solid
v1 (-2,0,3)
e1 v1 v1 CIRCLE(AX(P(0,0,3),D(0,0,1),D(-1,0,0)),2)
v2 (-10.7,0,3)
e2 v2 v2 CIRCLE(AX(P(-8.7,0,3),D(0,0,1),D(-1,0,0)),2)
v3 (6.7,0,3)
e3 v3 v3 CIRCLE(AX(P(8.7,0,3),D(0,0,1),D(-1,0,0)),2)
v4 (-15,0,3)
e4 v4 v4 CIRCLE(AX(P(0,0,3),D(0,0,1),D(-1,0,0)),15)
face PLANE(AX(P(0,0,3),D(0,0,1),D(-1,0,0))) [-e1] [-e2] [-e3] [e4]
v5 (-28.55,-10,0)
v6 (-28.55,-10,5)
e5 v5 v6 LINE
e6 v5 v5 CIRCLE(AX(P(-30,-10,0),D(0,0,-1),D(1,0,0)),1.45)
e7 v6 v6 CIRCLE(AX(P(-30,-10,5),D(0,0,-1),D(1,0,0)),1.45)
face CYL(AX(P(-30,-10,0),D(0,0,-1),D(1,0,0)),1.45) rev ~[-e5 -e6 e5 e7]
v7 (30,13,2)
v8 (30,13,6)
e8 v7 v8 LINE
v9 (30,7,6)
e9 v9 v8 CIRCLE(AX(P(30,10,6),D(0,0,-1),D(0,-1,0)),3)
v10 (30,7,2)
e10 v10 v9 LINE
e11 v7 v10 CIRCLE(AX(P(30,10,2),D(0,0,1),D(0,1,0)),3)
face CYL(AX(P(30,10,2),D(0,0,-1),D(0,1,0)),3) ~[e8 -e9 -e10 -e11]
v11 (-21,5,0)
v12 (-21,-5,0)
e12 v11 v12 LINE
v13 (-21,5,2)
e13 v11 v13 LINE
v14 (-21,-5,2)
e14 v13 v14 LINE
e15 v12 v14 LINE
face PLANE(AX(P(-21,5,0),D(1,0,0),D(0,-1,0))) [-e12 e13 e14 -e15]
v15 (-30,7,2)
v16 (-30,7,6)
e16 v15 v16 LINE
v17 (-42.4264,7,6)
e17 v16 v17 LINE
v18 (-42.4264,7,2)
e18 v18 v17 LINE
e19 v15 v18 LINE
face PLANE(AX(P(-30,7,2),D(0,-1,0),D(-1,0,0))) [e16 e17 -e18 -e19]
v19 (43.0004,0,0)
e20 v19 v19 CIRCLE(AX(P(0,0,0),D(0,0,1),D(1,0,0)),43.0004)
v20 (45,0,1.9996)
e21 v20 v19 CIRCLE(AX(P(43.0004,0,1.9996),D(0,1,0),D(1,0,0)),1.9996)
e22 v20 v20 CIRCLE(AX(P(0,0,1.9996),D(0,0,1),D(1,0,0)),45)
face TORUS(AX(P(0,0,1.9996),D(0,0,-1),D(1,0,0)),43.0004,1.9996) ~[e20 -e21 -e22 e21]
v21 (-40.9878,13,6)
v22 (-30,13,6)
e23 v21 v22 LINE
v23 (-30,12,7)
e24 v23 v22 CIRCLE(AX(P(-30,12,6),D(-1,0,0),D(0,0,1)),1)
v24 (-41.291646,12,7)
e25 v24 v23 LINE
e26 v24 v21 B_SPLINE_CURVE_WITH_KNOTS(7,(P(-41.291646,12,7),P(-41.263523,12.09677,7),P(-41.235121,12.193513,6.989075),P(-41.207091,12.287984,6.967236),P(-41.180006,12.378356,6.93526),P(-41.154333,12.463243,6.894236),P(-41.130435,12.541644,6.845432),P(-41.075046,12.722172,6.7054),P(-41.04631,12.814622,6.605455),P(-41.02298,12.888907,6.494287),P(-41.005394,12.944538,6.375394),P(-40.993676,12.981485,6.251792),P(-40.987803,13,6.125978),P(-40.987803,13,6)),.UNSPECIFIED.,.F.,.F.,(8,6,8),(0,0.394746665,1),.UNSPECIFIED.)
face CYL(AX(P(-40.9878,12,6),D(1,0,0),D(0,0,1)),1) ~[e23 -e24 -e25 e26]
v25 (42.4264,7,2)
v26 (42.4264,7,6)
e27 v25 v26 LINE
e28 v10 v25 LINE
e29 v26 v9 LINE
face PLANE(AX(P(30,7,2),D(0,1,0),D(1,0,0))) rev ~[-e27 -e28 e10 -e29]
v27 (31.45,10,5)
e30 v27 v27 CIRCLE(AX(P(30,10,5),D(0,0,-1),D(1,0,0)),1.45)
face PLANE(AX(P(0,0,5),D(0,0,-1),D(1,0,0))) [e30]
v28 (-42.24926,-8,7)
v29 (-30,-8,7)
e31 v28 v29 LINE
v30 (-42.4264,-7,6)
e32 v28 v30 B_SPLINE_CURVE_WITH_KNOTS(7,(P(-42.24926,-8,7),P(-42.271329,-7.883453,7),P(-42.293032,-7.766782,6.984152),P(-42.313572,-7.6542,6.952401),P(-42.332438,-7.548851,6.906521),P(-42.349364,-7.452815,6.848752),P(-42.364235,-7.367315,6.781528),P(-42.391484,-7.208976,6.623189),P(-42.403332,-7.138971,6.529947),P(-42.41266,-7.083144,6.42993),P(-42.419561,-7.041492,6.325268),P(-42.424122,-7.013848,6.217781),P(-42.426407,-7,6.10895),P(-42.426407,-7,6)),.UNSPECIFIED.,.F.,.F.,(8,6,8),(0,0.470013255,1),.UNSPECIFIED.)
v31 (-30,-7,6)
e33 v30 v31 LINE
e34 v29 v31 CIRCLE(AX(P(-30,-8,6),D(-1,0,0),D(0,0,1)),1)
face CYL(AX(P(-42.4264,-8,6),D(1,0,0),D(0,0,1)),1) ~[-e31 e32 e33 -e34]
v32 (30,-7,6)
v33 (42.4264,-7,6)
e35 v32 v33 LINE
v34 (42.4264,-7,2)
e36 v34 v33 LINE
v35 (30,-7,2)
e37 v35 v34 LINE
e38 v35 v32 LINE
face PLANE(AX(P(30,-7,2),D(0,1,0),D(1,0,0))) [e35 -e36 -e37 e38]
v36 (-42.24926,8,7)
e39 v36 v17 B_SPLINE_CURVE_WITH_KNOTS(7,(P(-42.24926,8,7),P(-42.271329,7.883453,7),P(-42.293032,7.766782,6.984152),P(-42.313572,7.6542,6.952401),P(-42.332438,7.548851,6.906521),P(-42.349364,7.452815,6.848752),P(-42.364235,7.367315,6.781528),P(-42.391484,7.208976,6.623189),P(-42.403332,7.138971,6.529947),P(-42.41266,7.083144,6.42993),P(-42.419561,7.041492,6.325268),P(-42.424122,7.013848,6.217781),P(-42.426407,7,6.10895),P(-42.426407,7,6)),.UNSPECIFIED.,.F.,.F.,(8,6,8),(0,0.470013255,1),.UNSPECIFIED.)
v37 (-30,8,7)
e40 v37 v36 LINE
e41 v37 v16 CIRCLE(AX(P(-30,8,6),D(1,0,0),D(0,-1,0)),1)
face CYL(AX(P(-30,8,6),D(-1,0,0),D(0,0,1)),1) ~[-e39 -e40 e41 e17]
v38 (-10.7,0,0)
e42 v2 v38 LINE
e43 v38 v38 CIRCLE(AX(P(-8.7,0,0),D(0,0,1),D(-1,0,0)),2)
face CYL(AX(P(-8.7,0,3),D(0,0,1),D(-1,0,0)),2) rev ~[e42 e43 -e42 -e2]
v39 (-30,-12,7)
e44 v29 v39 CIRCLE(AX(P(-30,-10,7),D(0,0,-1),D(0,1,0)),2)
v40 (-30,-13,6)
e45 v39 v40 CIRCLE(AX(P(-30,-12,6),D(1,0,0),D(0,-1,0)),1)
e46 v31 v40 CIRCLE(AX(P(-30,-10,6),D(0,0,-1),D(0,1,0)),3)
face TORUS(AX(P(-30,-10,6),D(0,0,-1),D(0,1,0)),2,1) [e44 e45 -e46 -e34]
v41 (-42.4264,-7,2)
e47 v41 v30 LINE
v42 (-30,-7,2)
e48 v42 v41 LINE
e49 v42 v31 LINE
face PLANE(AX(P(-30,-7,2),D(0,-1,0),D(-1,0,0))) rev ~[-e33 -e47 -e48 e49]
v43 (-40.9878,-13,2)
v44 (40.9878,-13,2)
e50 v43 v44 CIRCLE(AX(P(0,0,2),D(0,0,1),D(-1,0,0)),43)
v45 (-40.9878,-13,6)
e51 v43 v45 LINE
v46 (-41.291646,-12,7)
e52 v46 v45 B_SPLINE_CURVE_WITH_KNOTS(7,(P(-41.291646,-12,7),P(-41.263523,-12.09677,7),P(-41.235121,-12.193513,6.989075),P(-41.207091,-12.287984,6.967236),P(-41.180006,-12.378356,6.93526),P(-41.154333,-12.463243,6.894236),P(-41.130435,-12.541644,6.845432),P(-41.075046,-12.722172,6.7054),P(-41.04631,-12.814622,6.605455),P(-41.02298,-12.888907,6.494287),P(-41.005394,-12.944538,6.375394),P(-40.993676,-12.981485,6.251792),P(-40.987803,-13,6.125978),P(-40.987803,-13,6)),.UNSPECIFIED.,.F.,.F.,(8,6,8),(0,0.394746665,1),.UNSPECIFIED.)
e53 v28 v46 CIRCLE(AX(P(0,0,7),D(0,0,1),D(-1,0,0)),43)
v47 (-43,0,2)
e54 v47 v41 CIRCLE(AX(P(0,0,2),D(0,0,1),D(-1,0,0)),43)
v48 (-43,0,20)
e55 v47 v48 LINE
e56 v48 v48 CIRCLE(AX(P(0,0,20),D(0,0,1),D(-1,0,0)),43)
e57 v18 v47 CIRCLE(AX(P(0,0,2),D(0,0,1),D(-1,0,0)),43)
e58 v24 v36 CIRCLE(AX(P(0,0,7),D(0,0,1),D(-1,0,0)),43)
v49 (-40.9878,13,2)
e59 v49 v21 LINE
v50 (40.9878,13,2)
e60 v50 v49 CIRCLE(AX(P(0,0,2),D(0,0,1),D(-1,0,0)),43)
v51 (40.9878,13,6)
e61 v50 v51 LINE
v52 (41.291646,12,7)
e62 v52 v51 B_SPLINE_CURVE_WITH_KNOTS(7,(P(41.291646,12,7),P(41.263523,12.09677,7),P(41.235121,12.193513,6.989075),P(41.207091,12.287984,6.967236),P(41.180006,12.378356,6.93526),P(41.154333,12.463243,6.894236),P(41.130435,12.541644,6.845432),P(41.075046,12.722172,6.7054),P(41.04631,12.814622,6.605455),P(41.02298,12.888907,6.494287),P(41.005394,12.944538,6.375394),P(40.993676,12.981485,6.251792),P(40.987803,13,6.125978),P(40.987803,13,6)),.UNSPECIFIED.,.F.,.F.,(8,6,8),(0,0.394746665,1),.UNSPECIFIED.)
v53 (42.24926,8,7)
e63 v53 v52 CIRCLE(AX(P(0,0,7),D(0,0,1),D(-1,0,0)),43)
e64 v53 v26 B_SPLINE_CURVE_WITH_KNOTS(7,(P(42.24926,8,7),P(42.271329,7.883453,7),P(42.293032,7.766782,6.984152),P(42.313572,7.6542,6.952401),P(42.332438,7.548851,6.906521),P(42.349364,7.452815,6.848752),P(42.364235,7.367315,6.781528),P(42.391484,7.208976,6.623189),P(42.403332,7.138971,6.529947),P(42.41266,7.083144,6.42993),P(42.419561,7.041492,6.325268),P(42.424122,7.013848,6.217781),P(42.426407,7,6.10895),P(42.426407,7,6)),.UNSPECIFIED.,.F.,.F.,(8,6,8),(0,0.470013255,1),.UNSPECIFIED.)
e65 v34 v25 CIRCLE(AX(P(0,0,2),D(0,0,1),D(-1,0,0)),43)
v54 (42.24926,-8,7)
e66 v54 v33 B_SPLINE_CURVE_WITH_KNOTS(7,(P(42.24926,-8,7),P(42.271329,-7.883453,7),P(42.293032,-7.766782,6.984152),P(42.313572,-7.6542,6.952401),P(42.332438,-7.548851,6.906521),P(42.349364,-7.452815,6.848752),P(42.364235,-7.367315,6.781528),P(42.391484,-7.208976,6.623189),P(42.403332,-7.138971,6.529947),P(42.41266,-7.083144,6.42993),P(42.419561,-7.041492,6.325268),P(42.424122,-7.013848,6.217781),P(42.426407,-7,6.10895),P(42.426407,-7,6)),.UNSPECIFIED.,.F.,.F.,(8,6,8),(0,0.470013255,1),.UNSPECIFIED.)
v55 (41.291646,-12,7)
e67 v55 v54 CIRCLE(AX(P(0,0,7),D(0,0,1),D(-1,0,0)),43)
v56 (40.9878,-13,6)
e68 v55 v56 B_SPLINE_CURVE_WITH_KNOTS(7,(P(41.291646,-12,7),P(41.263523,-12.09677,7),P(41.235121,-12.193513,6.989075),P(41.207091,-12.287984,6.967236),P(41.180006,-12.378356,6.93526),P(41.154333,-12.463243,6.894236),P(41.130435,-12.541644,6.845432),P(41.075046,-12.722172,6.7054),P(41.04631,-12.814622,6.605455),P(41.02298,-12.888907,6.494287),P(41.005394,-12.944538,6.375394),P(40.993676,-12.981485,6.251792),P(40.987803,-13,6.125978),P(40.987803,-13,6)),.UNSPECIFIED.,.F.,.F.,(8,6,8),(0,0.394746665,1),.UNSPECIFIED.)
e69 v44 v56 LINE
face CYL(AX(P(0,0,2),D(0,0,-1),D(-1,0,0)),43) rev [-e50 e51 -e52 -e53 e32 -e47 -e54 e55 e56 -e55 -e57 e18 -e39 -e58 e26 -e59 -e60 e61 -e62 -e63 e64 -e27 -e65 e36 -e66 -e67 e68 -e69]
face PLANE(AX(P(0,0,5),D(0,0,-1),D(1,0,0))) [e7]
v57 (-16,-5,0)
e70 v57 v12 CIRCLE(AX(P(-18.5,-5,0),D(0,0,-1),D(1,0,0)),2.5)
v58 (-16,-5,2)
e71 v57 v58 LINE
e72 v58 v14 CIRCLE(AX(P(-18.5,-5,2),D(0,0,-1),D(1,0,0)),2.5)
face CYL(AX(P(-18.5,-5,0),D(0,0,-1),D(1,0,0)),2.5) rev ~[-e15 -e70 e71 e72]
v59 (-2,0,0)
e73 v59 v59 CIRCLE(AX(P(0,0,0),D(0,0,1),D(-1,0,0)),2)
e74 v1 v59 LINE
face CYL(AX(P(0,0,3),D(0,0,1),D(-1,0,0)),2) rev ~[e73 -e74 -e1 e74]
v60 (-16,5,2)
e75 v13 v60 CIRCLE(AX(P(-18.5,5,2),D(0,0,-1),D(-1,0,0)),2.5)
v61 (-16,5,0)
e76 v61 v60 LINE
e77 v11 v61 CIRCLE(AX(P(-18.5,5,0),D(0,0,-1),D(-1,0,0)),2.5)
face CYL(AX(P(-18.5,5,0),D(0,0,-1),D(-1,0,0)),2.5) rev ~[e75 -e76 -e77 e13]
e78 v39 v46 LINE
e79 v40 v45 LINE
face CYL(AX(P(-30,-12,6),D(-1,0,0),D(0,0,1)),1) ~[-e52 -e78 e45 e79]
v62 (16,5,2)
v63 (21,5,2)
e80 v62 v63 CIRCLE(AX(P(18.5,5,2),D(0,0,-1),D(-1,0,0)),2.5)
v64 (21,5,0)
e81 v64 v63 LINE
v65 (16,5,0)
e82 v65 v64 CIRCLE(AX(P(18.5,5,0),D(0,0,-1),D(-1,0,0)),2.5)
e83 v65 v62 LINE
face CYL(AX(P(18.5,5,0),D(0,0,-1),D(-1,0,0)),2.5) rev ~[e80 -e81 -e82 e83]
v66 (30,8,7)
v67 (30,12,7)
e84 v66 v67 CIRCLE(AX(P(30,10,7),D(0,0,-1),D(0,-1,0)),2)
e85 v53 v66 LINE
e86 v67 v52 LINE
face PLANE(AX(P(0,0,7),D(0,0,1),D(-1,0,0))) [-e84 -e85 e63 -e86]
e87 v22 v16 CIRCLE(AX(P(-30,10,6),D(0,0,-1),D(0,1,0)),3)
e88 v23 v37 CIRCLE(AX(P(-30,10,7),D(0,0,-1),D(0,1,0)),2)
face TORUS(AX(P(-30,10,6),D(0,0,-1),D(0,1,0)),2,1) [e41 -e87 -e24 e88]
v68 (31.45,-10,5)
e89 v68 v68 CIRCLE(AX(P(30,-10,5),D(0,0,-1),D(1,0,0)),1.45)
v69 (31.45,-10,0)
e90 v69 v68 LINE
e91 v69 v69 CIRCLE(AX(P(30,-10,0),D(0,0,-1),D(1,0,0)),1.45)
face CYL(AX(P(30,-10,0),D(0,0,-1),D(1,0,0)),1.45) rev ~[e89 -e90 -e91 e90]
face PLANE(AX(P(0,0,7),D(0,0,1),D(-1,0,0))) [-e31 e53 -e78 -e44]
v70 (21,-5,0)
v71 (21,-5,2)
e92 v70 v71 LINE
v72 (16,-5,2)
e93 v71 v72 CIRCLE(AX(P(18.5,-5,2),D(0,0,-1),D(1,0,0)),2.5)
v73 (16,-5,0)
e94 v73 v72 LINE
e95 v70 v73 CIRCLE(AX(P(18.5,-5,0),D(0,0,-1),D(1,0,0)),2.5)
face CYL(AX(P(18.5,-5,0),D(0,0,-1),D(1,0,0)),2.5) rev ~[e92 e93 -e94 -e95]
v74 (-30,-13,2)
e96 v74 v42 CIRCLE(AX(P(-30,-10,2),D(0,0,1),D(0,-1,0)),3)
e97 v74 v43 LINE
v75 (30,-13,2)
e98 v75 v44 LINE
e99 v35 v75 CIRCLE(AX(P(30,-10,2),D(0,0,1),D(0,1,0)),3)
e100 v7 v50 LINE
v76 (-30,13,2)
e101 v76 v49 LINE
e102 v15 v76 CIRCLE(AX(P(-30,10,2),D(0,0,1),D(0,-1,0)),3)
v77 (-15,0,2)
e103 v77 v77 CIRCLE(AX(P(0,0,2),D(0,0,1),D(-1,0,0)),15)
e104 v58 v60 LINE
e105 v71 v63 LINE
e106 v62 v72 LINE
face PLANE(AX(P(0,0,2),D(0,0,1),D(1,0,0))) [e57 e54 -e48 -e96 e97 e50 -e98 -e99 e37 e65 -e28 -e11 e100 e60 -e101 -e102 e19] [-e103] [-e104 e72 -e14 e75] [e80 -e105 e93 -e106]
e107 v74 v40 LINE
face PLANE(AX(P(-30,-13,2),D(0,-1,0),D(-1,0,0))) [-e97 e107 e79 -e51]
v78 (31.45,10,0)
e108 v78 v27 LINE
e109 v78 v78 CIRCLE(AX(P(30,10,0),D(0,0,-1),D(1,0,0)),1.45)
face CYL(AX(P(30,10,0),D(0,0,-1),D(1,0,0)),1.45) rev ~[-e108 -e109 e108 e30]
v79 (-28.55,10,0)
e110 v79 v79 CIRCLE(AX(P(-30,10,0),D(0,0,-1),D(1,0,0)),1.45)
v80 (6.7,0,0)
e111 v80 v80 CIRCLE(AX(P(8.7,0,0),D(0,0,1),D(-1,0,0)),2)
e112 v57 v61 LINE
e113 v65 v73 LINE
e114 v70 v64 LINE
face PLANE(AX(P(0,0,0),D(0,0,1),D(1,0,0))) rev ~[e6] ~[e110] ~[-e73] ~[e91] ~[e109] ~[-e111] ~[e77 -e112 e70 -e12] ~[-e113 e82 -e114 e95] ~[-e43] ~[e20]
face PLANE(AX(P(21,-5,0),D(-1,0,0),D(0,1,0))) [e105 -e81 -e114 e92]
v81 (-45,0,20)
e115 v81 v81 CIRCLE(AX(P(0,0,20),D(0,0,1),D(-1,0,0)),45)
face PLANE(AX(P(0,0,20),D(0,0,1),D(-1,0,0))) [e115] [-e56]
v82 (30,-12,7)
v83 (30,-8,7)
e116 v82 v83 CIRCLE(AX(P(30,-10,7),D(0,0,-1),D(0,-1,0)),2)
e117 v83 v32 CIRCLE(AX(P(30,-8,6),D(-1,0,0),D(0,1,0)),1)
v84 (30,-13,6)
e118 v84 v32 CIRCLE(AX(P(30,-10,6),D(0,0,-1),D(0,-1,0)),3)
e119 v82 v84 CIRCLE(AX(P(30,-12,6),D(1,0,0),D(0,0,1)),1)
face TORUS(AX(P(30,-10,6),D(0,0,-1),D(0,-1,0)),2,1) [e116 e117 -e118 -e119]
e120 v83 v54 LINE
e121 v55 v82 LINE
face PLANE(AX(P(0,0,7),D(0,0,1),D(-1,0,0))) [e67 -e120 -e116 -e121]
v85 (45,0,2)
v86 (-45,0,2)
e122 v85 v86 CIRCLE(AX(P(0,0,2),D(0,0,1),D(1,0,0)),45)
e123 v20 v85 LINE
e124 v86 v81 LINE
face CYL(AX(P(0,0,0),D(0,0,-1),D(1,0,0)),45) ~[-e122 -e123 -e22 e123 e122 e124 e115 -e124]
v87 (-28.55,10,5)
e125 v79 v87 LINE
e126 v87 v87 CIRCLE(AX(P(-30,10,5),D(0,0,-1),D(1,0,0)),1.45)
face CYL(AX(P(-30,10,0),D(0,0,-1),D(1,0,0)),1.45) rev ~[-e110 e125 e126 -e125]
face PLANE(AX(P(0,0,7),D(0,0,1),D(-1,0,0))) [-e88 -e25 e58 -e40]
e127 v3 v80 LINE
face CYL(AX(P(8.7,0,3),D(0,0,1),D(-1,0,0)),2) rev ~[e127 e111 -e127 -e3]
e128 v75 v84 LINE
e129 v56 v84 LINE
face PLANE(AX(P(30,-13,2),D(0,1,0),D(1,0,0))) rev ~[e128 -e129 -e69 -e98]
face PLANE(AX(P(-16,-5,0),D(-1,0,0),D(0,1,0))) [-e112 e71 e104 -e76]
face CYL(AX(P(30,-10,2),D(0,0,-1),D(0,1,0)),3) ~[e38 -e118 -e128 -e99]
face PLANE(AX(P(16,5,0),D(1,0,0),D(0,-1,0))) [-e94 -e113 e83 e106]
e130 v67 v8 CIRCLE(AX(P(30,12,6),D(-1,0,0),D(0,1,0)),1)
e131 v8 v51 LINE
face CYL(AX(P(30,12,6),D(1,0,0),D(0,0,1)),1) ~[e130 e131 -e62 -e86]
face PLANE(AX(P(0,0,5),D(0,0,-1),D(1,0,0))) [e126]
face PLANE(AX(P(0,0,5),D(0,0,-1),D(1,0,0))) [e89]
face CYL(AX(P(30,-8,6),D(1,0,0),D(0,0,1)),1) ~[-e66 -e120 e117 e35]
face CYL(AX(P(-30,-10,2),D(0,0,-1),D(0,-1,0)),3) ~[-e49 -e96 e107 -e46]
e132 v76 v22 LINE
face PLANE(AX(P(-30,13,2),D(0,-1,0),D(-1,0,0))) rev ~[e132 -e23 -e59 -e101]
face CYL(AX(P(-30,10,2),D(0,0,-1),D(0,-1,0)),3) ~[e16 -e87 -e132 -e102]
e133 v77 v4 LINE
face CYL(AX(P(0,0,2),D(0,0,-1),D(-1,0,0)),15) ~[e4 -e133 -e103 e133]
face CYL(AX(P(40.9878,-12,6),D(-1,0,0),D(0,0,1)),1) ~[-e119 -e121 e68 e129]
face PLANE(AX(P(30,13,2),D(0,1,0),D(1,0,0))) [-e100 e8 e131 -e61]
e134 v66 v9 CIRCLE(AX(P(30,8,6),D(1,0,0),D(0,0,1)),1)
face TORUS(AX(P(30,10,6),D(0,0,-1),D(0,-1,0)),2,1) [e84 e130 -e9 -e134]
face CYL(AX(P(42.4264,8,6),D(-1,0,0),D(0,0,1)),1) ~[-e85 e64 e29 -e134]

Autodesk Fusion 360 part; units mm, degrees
sketch "스케치1" plane through (0, 0, 0) normal (0, 0, 1) x (1, 0, 0)
  circle A0 centre (0, 0) radius 45
  dimension "d1" = 90
extrude "돌출1" add sketch "스케치1" along normal blind 2
sketch "스케치2" plane through (0, 0, 2) normal (0, 0, 1) x (-1, 0, 0)
  circle A0 centre (0, 0) radius 45
  circle A1 centre (0, 0) radius 43
  dimension "d4" = 86
  dimension "d5" = 90
extrude "돌출2" add sketch "스케치2" along normal blind 18
fillet "필렛1" radius 2 1 edges at (-41.9547, -16.2727, 0)
sketch "스케치4" plane through (0, 0, 2) normal (0, 0, 1) x (-1, 0, 0)
  circle A0 centre (0, 0) radius 43
  line L0 (-30, -13) -> (-40.9878, -13)
  line L1 (-30, -7) -> (-42.4264, -7)
  line L2 (-30, 7) -> (-42.4264, 7)
  line L3 (-30, 13) -> (-40.9878, 13)
  line L4 (30, -13) -> (40.9878, -13)
  line L5 (30, -7) -> (42.4264, -7)
  line L6 (30, 7) -> (42.4264, 7)
  line L7 (30, 13) -> (40.9878, 13)
  arc A1 (30, 13) -> (30, 7) centre (30, 10) ccw
  arc A2 (30, -7) -> (30, -13) centre (30, -10) ccw
  arc A3 (-30, -13) -> (-30, -7) centre (-30, -10) ccw
  arc A4 (-30, 7) -> (-30, 13) centre (-30, 10) ccw
  dimension "d32" = 6
  dimension "d33" = 60
  dimension "d34" = 20
  dimension "d35" = 10
  dimension "d36" = 30
  dimension "d46" = 6
  dimension "d47" = 6
extrude "돌출7" add sketch "스케치4" along normal blind 5 contours A0 L6 L7 A1 | A0 L4 L5 A2 | A0 L2 L3 A4 | A0 L0 L1 A3
sketch "스케치7" plane through (0, 0, 0) normal (0, 0, -1) x (1, 0, 0)
  arc A0 (-30, -13) -> (-30, -7) centre (-30, -10) ccw construction
  arc A1 (-30, 7) -> (-30, 13) centre (-30, 10) ccw construction
  arc A2 (30, 13) -> (30, 7) centre (30, 10) ccw construction
  arc A3 (30, -7) -> (30, -13) centre (30, -10) ccw construction
  circle A4 centre (-30, 10) radius 1.45
  circle A5 centre (-30, -10) radius 1.45
  circle A6 centre (30, -10) radius 1.45
  circle A7 centre (30, 10) radius 1.45
  dimension "d42" = 2.9
extrude "돌출8" cut sketch "스케치7" against normal blind 5
fillet "필렛2" radius 1 12 edges at (-35.4939, -13, 7) (-27, -10, 7) (-36.2132, -7, 7) (-36.2132, 7, 7) (-27, 10, 7) (-35.4939, 13, 7) (35.4939, 13, 7) (27, 10, 7) (36.2132, 7, 7) (36.2132, -7, 7) (27, -10, 7) (35.4939, -13, 7)
sketch "스케치9" plane through (0, 0, 2) normal (0, 0, 1) x (-1, 0, 0)
  circle A0 centre (0, 0) radius 15
  dimension "d50" = 30
extrude "돌출9" add sketch "스케치9" along normal blind 1
sketch "스케치10" plane through (0, 0, 3) normal (0, 0, 1) x (-1, 0, 0)
  circle A0 centre (0, 0) radius 2
  circle A1 centre (-8.7, 0) radius 2
  circle A2 centre (8.7, 0) radius 2
  dimension "d53" = 8.7
  dimension "d54" = 8.7
  dimension "d55" = 4
extrude "돌출10" cut sketch "스케치10" against normal blind 3
sketch "스케치11" plane through (0, 0, 0) normal (0, 0, -1) x (1, 0, 0)
  line L0 (21, 5) -> (21, -5)
  line L1 (16, -5) -> (16, 5)
  line L2 (-16, 5) -> (-16, -5)
  line L3 (-21, -5) -> (-21, 5)
  arc A0 (-16, 5) -> (-21, 5) centre (-18.5, 5) ccw
  arc A1 (-21, -5) -> (-16, -5) centre (-18.5, -5) ccw
  arc A2 (16, -5) -> (21, -5) centre (18.5, -5) ccw
  arc A3 (21, 5) -> (16, 5) centre (18.5, 5) ccw
  dimension "d58" = 5
  dimension "d60" = 10
  dimension "d61" = 16
  dimension "d62" = 5
  dimension "d63" = 16
  dimension "d64" = 2.5
  dimension "d65" = 5
extrude "돌출11" cut sketch "스케치11" against normal blind 2
